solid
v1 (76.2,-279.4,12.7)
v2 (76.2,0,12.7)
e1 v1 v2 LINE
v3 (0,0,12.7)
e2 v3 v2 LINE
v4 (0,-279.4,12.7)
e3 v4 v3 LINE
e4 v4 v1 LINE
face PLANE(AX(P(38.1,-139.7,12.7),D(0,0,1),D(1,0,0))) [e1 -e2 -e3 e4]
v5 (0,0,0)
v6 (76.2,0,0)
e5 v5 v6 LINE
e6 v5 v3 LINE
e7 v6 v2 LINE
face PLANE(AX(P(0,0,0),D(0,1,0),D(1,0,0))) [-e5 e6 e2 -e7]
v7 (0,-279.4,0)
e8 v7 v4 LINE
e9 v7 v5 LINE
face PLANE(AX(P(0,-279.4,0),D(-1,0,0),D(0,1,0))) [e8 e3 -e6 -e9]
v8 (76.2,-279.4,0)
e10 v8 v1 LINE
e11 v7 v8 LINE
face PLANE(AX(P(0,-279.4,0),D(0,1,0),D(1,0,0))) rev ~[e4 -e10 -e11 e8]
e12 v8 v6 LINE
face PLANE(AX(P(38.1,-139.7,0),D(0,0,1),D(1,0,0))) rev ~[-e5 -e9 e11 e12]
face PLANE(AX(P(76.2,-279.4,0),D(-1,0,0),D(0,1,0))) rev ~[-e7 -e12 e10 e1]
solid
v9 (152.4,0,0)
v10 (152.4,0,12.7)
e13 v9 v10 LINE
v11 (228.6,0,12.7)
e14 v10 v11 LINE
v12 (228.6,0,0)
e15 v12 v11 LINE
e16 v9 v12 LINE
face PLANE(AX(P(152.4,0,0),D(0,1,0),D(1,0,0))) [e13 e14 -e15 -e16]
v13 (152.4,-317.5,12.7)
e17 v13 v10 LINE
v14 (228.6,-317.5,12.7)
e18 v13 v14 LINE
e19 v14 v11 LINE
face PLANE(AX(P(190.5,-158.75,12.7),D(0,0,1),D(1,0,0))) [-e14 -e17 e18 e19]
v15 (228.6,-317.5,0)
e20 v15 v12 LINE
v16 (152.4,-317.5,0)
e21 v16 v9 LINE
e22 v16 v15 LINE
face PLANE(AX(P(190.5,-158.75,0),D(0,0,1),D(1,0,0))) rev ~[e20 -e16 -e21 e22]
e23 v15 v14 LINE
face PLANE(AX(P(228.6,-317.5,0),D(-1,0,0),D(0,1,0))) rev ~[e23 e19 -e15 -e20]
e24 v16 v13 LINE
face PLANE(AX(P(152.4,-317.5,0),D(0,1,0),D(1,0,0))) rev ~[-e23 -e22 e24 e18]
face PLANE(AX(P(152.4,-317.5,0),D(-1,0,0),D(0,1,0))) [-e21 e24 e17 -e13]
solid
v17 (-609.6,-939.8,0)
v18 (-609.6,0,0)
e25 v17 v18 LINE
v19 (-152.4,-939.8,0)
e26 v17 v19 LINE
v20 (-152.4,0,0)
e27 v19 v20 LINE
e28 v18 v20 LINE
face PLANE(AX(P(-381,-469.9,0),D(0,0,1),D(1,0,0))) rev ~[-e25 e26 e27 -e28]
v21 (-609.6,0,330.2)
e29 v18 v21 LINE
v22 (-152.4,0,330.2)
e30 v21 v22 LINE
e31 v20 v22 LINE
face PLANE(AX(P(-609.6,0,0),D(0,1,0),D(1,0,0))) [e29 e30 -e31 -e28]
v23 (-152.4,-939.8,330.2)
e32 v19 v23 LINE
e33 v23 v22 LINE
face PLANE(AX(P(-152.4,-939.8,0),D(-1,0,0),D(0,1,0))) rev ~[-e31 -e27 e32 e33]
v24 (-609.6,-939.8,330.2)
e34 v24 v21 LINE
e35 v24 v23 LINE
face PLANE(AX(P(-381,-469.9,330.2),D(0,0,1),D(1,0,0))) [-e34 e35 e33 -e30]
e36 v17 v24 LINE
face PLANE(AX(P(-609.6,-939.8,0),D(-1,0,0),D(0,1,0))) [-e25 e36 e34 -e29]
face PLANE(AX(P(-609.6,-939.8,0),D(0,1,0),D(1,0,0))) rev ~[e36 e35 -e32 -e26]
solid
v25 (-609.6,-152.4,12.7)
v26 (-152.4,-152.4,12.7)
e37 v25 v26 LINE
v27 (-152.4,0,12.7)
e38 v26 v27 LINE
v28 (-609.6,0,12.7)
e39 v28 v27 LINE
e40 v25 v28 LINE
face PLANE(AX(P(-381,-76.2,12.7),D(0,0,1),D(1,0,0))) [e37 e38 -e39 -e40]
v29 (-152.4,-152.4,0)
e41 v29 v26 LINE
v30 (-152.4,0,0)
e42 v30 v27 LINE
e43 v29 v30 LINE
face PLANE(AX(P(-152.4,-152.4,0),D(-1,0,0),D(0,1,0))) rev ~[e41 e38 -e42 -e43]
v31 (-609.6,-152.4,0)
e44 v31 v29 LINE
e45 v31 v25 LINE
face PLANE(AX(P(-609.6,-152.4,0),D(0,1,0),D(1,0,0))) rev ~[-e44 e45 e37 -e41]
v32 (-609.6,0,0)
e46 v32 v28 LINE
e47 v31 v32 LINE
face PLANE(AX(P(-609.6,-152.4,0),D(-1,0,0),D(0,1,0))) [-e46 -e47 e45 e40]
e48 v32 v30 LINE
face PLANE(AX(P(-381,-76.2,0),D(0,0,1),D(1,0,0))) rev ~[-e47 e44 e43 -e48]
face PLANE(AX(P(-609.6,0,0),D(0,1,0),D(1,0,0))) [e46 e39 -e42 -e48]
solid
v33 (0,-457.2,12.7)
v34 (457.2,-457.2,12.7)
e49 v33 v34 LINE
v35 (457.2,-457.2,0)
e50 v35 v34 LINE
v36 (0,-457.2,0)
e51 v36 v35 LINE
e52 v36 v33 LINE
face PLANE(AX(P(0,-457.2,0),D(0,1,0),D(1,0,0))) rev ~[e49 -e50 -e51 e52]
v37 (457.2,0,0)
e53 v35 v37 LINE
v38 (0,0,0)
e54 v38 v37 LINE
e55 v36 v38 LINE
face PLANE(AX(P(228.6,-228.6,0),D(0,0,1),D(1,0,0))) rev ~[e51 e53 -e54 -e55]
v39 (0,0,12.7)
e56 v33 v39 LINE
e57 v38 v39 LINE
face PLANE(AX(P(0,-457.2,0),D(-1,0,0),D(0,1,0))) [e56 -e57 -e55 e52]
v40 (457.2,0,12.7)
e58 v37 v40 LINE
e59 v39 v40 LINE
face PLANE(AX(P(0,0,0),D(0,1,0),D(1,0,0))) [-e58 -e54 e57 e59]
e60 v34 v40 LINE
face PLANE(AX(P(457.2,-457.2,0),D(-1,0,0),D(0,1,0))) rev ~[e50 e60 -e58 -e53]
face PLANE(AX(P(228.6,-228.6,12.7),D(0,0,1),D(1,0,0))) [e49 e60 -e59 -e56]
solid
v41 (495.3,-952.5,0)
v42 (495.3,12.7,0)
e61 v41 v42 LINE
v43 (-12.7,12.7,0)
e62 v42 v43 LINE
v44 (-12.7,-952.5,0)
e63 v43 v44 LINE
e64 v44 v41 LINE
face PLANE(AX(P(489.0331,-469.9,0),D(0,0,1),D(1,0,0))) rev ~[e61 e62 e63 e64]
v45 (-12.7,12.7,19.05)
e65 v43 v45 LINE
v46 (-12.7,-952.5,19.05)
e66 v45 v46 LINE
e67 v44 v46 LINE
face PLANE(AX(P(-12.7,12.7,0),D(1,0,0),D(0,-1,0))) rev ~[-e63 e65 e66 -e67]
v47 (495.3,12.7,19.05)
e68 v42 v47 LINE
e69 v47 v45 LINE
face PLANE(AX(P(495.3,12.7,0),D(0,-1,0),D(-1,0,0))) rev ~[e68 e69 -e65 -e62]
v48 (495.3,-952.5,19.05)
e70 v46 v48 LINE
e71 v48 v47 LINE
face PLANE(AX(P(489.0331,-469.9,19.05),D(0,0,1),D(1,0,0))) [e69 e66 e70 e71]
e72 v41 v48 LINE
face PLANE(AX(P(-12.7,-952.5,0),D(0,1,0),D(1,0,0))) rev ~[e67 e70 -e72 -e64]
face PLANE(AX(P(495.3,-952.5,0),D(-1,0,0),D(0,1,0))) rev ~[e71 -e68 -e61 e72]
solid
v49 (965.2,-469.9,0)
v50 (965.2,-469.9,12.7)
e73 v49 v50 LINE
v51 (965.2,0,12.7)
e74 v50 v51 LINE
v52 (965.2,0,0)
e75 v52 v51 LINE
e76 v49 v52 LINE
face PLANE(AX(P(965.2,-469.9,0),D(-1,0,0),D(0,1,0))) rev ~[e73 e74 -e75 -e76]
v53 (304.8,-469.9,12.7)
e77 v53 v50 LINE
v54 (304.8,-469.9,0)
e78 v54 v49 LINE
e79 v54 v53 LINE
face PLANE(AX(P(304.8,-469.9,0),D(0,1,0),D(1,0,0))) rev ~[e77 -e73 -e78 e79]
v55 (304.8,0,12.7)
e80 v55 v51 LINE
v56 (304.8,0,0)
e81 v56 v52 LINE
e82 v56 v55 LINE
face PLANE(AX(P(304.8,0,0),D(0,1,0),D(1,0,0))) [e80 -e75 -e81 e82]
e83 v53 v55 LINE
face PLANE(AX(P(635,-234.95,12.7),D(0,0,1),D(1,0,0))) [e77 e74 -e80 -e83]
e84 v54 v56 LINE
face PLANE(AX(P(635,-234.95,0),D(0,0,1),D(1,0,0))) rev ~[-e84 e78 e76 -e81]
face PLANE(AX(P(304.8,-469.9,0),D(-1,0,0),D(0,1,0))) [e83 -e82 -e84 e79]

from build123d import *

# Parameters (mm, degrees)
F0_W     = 457.2
F0_H     = 939.8
F3_DEPTH = 330.2
F0_W_2   = 482.6
F4_DEPTH = 19.05
F1_W     = 660.4
F1_H     = 469.9
F1_W_2   = 76.2
F1_H_2   = 317.5
F1_H_3   = 279.4
F5_DEPTH = 12.7
F2_W     = 457.2
F2_H     = 152.4
F2_H_2   = 457.2
F6_DEPTH = 12.7


with BuildPart() as f3:
    # F0 (on Top) → F3 (new body)
    with BuildSketch(Plane.XY):
        with Locations((-381, -469.9)):
            Rectangle(F0_W, F0_H)
    extrude(amount=F3_DEPTH)


with BuildPart() as f4:
    # F0 (on Top) → F4 (new body)
    with BuildSketch(Plane.XY):
        Polygon((495.3, 12.7), (482.6, 0), (482.6, -939.8), (495.3, -952.5), align=None)
        Polygon((-12.7, 12.7), (0, 0), (482.6, 0), (495.3, 12.7), align=None)
        with Locations((241.3, -469.9)):
            Rectangle(F0_W_2, F0_H)
        Polygon((0, -939.8), (0, 0), (-12.7, 12.7), (-12.7, -952.5), align=None)
        Polygon((482.6, -939.8), (0, -939.8), (-12.7, -952.5), (495.3, -952.5), align=None)
    extrude(amount=F4_DEPTH)


with BuildPart() as f5:
    # F1 (on Top) → F5 (new body)
    with BuildSketch(Plane.XY):
        with Locations((635, -234.95)):
            Rectangle(F1_W, F1_H)
        with Locations((190.5, -158.75)):
            Rectangle(F1_W_2, F1_H_2)
        with Locations((38.1, -139.7)):
            Rectangle(F1_W_2, F1_H_3)
    extrude(amount=F5_DEPTH)


with BuildPart() as f6:
    # F2 (on Top) → F6 (new body)
    with BuildSketch(Plane.XY):
        with Locations((-381, -76.2)):
            Rectangle(F2_W, F2_H)
        with Locations((228.6, -228.6)):
            Rectangle(F2_W, F2_H_2)
    extrude(amount=F6_DEPTH)


solid = Compound([f3.part, f4.part, f5.part, f6.part])
